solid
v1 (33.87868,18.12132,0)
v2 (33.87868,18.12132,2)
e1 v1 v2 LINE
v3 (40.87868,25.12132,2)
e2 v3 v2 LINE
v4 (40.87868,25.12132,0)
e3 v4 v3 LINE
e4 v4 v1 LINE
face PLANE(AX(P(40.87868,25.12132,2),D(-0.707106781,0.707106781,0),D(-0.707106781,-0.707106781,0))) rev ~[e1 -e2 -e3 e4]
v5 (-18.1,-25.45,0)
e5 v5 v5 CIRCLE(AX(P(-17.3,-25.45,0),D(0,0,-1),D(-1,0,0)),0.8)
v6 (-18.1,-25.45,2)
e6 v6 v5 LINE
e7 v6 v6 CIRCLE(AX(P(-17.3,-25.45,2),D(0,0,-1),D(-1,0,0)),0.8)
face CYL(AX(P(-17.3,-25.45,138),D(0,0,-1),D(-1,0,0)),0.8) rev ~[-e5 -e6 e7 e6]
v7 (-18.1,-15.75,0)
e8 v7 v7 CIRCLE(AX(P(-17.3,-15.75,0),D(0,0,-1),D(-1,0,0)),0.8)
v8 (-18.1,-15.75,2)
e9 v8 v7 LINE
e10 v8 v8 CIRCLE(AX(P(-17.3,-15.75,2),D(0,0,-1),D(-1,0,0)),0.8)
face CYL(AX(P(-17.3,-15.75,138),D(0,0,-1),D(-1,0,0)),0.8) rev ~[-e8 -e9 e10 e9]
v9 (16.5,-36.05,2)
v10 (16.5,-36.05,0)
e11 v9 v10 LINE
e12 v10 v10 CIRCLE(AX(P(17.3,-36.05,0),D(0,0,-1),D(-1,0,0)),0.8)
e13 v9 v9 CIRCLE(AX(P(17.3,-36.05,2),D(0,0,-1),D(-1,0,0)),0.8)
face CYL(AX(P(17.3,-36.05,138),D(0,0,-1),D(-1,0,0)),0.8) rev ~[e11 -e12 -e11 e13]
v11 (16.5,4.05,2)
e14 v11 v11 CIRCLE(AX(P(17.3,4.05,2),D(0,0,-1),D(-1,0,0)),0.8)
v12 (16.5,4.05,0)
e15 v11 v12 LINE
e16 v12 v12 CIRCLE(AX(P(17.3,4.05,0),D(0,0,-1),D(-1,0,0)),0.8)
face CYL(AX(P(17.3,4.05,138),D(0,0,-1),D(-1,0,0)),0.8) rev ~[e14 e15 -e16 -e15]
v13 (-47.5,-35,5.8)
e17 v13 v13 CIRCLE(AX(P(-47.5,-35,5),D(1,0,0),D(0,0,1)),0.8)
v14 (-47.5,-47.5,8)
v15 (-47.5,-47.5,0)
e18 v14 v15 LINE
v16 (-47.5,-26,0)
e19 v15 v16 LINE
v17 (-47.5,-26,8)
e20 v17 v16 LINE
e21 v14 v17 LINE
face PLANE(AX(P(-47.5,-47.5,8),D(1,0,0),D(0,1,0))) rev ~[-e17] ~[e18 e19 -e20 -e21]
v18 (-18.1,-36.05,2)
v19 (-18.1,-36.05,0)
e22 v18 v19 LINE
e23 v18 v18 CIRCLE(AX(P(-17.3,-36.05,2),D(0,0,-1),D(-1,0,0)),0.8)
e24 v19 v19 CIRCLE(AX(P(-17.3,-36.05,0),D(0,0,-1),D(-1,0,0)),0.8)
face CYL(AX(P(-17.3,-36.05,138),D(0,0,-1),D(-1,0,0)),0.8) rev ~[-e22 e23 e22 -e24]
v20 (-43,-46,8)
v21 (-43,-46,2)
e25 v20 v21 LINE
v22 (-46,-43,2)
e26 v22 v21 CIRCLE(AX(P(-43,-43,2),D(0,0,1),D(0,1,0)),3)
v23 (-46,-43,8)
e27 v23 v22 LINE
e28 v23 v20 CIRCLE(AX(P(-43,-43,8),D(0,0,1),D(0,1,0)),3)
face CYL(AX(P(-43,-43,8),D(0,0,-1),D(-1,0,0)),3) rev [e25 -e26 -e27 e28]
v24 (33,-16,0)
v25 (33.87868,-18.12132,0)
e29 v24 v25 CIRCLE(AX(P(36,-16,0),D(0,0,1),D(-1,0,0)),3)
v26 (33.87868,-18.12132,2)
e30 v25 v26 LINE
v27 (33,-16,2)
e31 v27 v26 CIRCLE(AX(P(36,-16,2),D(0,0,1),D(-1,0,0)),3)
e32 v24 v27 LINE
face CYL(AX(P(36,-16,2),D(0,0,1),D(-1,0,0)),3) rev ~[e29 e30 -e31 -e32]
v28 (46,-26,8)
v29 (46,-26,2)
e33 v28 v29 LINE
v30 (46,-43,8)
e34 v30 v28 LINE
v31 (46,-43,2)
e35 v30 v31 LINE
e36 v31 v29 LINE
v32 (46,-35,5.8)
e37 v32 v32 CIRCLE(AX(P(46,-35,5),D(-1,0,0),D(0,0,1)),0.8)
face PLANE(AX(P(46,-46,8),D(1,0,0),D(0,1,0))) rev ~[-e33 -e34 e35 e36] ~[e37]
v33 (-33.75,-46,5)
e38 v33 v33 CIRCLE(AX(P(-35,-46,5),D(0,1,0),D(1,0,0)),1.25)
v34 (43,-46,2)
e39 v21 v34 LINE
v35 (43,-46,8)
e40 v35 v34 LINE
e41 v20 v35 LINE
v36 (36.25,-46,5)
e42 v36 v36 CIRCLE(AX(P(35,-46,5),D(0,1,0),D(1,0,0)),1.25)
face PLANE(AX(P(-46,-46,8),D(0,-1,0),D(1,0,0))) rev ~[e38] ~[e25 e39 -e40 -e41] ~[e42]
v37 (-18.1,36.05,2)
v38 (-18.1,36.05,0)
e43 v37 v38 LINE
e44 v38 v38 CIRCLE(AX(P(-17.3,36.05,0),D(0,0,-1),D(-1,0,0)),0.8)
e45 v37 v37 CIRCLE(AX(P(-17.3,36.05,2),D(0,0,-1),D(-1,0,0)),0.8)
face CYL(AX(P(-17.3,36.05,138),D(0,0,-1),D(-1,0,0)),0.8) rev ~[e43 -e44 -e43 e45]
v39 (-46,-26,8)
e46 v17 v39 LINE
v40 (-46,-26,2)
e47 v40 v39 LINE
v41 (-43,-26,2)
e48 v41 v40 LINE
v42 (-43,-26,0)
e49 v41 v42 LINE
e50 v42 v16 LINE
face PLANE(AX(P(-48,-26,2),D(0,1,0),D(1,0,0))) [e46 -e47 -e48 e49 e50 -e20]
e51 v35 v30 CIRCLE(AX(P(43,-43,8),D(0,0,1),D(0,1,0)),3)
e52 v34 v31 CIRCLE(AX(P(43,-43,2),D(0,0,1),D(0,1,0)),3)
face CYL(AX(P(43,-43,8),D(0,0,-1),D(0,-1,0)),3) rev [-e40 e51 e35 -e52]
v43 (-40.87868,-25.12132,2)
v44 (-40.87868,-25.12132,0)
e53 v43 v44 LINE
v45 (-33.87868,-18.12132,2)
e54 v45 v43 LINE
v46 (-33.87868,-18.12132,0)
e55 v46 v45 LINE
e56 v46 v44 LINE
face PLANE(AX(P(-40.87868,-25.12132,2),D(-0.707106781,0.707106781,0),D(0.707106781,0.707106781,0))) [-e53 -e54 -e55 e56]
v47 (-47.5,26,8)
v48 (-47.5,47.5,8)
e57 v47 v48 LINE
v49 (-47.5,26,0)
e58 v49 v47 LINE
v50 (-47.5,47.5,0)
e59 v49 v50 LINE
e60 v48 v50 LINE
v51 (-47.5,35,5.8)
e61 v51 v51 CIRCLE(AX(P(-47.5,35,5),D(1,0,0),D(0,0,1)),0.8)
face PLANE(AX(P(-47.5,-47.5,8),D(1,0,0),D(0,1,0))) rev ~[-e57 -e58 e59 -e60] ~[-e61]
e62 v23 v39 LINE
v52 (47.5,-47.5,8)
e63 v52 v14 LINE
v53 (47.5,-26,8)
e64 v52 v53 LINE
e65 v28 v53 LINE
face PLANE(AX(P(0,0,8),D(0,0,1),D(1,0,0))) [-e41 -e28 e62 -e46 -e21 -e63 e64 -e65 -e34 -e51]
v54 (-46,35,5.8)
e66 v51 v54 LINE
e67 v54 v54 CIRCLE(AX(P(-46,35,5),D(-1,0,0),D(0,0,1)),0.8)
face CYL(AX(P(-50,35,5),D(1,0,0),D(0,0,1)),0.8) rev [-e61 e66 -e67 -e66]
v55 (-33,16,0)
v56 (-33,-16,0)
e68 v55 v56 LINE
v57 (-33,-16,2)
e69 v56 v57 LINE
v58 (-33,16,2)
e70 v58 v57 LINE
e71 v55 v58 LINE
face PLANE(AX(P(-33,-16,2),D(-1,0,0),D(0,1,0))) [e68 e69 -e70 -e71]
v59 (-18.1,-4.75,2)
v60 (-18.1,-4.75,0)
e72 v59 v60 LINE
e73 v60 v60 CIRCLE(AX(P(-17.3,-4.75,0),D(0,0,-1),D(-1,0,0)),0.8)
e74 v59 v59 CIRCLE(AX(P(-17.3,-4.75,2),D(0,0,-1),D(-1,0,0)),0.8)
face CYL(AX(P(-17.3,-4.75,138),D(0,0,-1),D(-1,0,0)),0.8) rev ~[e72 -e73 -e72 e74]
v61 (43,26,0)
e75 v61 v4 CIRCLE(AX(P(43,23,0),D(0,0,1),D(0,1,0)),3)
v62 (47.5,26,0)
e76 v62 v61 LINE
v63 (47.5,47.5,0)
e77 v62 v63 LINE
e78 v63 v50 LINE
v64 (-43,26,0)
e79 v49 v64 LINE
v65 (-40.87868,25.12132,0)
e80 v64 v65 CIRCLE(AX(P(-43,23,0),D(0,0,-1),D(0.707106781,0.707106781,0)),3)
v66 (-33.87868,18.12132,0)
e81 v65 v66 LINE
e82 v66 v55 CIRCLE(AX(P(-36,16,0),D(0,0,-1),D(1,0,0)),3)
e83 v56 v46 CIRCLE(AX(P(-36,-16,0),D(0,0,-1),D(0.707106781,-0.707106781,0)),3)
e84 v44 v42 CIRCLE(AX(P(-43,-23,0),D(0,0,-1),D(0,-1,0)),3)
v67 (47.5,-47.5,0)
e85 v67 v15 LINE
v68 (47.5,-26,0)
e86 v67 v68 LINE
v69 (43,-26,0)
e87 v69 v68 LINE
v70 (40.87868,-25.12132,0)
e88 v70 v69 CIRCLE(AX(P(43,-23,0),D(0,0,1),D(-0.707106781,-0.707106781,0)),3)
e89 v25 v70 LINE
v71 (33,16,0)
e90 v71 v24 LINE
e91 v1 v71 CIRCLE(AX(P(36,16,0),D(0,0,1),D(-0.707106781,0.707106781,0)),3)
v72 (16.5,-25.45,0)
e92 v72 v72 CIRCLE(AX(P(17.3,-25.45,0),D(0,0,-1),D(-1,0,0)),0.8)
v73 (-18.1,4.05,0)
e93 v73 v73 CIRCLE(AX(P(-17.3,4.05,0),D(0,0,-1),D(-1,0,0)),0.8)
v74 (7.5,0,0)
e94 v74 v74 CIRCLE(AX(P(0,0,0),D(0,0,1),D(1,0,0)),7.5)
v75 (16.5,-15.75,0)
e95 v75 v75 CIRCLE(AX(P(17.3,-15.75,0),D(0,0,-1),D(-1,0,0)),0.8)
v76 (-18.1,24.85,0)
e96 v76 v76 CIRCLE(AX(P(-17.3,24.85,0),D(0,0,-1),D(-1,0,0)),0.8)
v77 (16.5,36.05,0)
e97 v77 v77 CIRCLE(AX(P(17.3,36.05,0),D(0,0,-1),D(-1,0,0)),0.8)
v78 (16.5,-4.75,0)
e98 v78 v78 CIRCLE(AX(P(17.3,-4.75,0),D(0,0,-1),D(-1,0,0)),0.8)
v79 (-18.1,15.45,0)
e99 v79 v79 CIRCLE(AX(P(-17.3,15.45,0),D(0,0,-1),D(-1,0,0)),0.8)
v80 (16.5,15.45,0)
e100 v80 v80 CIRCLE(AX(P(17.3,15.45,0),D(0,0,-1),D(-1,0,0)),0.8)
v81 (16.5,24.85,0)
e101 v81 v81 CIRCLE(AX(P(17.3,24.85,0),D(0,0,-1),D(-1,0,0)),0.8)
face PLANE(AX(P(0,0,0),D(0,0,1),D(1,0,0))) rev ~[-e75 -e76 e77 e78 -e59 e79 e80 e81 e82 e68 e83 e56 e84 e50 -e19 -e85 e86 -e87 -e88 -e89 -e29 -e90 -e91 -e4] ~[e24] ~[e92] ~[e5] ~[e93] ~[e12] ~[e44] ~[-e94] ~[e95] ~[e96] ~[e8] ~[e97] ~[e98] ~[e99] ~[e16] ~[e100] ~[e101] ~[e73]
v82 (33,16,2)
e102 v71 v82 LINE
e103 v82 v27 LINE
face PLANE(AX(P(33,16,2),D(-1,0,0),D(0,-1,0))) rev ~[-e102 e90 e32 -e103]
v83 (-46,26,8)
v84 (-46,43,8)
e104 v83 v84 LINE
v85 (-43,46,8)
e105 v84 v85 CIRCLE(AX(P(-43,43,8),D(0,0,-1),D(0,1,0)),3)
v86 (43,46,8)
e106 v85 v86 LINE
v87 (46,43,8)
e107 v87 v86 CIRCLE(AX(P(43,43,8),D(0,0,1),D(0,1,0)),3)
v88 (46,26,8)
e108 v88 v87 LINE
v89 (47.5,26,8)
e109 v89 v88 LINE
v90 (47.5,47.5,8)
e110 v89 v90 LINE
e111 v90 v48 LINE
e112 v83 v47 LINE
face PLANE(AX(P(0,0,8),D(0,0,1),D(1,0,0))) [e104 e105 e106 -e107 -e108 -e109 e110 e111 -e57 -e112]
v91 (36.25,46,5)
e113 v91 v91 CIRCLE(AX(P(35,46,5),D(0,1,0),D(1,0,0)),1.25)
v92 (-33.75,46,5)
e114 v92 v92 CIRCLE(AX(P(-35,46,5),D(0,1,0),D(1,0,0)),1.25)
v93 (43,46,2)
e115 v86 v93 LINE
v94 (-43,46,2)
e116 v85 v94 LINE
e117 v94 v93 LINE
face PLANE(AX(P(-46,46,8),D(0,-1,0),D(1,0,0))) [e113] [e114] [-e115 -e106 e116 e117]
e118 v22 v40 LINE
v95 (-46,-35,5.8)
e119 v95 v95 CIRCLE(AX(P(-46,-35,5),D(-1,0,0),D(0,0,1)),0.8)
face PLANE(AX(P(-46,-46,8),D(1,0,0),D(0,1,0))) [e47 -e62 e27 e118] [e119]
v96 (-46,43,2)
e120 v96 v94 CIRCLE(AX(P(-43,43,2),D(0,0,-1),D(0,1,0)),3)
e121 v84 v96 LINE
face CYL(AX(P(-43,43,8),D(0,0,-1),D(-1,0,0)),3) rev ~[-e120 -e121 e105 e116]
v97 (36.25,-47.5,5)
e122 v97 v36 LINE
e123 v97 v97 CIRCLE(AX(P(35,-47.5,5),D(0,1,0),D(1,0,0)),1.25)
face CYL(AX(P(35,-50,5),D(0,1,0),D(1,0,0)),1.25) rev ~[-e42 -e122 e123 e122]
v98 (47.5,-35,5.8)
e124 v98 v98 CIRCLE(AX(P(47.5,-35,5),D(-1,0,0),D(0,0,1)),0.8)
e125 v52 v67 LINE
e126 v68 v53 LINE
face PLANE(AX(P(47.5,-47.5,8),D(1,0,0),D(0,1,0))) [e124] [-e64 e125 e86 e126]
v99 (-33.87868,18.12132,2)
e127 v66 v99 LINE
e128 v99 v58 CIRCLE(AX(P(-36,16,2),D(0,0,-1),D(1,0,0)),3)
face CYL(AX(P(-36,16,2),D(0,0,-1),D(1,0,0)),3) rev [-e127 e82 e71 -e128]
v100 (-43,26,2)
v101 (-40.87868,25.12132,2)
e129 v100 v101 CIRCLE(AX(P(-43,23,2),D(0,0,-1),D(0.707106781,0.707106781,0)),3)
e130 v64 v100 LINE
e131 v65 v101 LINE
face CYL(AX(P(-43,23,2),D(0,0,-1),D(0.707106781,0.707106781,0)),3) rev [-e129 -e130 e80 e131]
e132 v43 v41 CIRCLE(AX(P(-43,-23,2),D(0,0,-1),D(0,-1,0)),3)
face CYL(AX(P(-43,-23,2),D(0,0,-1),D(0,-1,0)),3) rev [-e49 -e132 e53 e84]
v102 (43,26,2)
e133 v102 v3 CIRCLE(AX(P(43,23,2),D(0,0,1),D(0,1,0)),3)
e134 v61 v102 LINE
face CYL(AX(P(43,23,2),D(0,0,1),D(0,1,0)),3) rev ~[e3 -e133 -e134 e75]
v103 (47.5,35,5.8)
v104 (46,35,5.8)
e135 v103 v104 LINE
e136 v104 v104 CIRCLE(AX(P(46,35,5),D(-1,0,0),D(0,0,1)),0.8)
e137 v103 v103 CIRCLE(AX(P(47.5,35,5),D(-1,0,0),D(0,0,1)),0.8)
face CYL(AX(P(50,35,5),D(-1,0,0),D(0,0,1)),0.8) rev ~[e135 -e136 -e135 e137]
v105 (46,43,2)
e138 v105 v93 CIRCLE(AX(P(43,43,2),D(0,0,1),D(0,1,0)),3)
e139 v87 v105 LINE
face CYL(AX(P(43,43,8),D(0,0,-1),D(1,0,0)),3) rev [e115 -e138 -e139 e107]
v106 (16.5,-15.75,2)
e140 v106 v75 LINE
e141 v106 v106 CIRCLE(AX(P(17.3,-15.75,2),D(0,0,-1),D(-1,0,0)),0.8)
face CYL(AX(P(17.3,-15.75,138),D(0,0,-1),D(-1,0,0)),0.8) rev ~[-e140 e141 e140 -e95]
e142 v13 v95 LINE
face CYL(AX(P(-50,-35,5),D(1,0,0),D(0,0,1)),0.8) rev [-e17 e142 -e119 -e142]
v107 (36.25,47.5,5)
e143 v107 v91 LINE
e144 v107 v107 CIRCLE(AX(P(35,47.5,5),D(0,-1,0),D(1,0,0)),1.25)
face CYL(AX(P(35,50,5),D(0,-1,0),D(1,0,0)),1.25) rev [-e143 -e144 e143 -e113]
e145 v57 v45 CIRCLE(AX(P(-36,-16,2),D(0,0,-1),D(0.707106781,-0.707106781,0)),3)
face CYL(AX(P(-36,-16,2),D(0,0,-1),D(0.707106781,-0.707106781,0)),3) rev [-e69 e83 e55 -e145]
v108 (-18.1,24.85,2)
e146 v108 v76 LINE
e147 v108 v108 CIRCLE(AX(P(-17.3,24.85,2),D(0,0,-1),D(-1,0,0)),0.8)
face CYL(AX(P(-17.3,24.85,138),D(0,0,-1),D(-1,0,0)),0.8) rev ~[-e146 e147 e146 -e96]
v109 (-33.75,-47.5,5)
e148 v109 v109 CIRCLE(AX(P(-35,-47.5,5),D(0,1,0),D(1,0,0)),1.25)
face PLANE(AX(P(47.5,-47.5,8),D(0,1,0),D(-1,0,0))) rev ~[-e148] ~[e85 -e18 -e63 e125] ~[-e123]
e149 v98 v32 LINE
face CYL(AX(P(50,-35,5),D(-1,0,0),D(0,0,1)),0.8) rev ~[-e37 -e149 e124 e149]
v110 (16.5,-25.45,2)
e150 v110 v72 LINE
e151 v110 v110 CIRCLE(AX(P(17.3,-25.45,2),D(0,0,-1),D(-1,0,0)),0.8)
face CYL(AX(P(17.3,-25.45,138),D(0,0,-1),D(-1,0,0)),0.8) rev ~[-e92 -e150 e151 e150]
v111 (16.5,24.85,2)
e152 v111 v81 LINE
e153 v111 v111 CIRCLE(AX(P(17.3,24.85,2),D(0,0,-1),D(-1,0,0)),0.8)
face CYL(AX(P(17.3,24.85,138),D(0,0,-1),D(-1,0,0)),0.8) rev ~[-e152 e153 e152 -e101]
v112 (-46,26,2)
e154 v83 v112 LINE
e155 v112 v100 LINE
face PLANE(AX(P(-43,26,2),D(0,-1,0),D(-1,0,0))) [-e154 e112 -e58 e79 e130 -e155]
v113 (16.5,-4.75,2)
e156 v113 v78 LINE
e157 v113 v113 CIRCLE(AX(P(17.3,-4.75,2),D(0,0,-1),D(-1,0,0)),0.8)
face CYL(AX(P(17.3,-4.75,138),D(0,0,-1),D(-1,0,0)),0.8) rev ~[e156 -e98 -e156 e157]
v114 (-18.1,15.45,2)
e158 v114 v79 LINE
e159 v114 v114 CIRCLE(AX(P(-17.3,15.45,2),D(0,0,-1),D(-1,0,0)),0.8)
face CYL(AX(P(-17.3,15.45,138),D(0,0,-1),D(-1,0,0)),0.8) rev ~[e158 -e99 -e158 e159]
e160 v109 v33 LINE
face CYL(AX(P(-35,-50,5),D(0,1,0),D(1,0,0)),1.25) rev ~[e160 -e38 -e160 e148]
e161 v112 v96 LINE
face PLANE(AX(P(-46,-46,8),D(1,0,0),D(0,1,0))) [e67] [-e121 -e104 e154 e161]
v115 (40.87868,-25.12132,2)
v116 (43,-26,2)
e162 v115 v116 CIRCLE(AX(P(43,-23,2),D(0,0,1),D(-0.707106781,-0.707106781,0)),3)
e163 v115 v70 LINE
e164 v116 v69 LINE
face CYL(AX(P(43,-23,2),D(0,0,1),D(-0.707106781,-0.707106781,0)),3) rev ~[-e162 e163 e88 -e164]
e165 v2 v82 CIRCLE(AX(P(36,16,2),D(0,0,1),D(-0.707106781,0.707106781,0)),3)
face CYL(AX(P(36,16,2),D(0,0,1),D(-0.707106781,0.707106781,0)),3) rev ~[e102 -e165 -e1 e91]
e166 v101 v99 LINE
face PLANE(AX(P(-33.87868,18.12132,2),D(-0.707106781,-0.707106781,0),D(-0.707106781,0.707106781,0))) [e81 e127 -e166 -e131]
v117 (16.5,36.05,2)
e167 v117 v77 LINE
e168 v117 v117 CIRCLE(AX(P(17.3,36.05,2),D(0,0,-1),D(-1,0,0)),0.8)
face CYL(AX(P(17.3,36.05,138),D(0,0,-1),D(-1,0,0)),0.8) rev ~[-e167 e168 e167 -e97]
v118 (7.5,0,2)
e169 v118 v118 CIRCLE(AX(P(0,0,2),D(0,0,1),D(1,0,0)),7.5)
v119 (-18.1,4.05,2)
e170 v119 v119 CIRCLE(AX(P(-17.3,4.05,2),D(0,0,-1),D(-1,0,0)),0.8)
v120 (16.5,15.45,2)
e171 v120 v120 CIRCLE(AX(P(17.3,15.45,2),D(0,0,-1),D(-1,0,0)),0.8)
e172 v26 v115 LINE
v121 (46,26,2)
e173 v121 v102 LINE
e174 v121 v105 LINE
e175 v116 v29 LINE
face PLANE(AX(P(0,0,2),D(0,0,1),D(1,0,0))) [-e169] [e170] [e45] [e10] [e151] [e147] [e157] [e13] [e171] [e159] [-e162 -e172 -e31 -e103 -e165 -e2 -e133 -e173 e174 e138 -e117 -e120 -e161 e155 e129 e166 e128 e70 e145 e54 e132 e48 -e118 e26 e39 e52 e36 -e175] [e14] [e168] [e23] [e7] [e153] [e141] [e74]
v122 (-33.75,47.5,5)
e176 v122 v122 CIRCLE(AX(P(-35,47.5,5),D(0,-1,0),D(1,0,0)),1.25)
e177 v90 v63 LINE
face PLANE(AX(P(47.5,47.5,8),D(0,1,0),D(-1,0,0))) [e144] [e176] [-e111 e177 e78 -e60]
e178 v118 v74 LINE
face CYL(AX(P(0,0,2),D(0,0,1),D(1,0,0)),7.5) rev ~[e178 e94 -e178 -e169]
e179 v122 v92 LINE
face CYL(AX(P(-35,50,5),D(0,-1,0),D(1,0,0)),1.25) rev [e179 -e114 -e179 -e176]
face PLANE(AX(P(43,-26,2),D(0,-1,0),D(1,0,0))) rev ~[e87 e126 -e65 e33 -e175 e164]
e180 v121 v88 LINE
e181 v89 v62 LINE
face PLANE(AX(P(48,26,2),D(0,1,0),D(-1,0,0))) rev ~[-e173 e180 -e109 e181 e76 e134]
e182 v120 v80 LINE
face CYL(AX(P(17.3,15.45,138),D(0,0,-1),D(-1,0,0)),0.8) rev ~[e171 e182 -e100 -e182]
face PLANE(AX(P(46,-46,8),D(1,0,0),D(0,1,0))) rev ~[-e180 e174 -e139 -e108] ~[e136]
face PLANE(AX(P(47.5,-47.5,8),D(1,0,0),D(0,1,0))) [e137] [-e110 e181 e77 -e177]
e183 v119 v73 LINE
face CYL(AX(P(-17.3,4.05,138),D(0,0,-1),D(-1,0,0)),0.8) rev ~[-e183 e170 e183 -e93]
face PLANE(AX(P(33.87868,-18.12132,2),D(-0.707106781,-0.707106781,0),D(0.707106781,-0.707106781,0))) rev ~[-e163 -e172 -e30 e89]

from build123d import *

# Parameters (mm, degrees)
SKETCH1_W                       = 96
SKETCH1_H                       = 96
BOSS_EXTRUDE1_DEPTH             = 8
SKETCH2_W                       = 92
SKETCH2_H                       = 92
COMPONENT_PLATFORM_DEPTH        = 6
CABLE_SLOTS_DEPTH               = 6
SKETCH4_R                       = 7.5
CENTER_MASS_CUT_DEPTH           = 6
INNER_CORNER_FILLETS_R          = 3
TAP_DRILL_FOR_M3X0_5_TAP4_D     = 2.5
TAP_DRILL_FOR_M3X0_5_TAP4_DEPTH = 2
TAP_DRILL_FOR_M2X0_4_TAP2_D     = 1.6
TAP_DRILL_FOR_M2X0_4_TAP1_D     = 1.6
TAP_DRILL_FOR_M2X0_4_TAP1_DEPTH = 2
CUT_EXTRUDE1_START              = -8
SKETCH28_OUTSIDE_W              = 125.2
SKETCH28_OUTSIDE_H              = 125.2
SKETCH28_OUTSIDE_W_2            = 95
SKETCH28_OUTSIDE_H_2            = 95
CUT_EXTRUDE1_DEPTH              = 8


with BuildPart() as part:
    # Sketch1 → Boss-Extrude1 (new body)
    with BuildSketch(Plane.XY):
        Rectangle(SKETCH1_W, SKETCH1_H)
    extrude(amount=BOSS_EXTRUDE1_DEPTH)

    # Sketch2 → Component Platform (cut)
    with BuildSketch(Plane.XY.offset(8)):
        Rectangle(SKETCH2_W, SKETCH2_H)
    extrude(amount=-COMPONENT_PLATFORM_DEPTH, mode=Mode.SUBTRACT)

    # Sketch3 → Cable Slots (cut, symmetric)
    with BuildSketch(Plane.XY.offset(2)):
        with BuildLine():
            Line((-40.878679656, -25.121320344), (-33.878679656, -18.121320344))
            ThreePointArc((-33.878679656, -18.121320344), (-33.228361402, -17.148050297), (-33, -16))
            Line((-33, -16), (-33, 16))
            ThreePointArc((-33, 16), (-33.228361402, 17.148050297), (-33.878679656, 18.121320344))
            Line((-33.878679656, 18.121320344), (-40.878679656, 25.121320344))
            ThreePointArc((-40.878679656, 25.121320344), (-41.851949703, 25.771638598), (-43, 26))
            Line((-43, 26), (-48, 26))
            Line((-48, 26), (-48, -26))
            Line((-48, -26), (-43, -26))
            ThreePointArc((-43, -26), (-41.851949703, -25.771638598), (-40.878679656, -25.121320344))
        make_face()
        with BuildLine():
            Line((48, -26), (48, 26))
            Line((48, 26), (43, 26))
            ThreePointArc((43, 26), (41.851949703, 25.771638598), (40.878679656, 25.121320344))
            Line((40.878679656, 25.121320344), (33.878679656, 18.121320344))
            ThreePointArc((33.878679656, 18.121320344), (33.228361402, 17.148050297), (33, 16))
            Line((33, 16), (33, -16))
            ThreePointArc((33, -16), (33.228361402, -17.148050297), (33.878679656, -18.121320344))
            Line((33.878679656, -18.121320344), (40.878679656, -25.121320344))
            ThreePointArc((40.878679656, -25.121320344), (41.851949703, -25.771638598), (43, -26))
            Line((43, -26), (48, -26))
        make_face()
    extrude(amount=CABLE_SLOTS_DEPTH, both=True, mode=Mode.SUBTRACT)

    # Sketch4 → Center Mass Cut (cut)
    with BuildSketch(Plane.XY.offset(2)):
        Circle(SKETCH4_R)
    extrude(amount=-CENTER_MASS_CUT_DEPTH, mode=Mode.SUBTRACT)

    # Inner Corner Fillets
    inner_corner_fillets_edges = [part.edges().sort_by_distance(p)[0] for p in [
        (-46, -46, 5),
        (-46, 46, 5),
        (46, 46, 5),
        (46, -46, 5),
    ]]
    fillet(inner_corner_fillets_edges, radius=INNER_CORNER_FILLETS_R)

    # Tap Drill for M3x0.5 Tap4
    with Locations(Plane(origin=(0, -48, 0), x_dir=(-1, 0, 0), z_dir=(0, -1, 0))):
        with Locations((35, -5), (-35, -5)):
            tap_drill_for_m3x0_5_tap4 = Hole(TAP_DRILL_FOR_M3X0_5_TAP4_D / 2, depth=TAP_DRILL_FOR_M3X0_5_TAP4_DEPTH)

    # Mirror2: Tap Drill for M3x0.5 Tap4 across plane
    add(tap_drill_for_m3x0_5_tap4.mirror(Plane(origin=(0, 0, 0), x_dir=(0, 0, 1), z_dir=(0, -1, 0))), mode=Mode.SUBTRACT)

    # Tap Drill for M2x0.4 Tap2 (through all)
    with Locations(Plane.XY.offset(2)):
        with Locations((-17.3, 36.05), (-17.3, 24.85), (-17.3, 15.45), (-17.3, 4.05), (17.3, 4.05), (17.3, 15.45), (17.3, 24.85), (17.3, 36.05), (17.3, -4.75), (17.3, -15.75), (17.3, -25.45), (17.3, -36.05), (-17.3, -4.75), (-17.3, -15.75), (-17.3, -25.45), (-17.3, -36.05)):
            Hole(TAP_DRILL_FOR_M2X0_4_TAP2_D / 2)

    # Tap Drill for M2x0.4 Tap1
    with Locations(Plane(origin=(48, 0, 0), x_dir=(0, 0, -1), z_dir=(1, 0, 0))):
        with Locations((-5, -35), (-5, 35)):
            tap_drill_for_m2x0_4_tap1 = Hole(TAP_DRILL_FOR_M2X0_4_TAP1_D / 2, depth=TAP_DRILL_FOR_M2X0_4_TAP1_DEPTH)

    # Mirror3: Tap Drill for M2x0.4 Tap1 across plane
    add(tap_drill_for_m2x0_4_tap1.mirror(Plane(origin=(0, 0, 0), x_dir=(0, 0, 1), z_dir=(1, 0, 0))), mode=Mode.SUBTRACT)

    # Sketch28 outside → Cut-Extrude1 (cut)
    with BuildSketch(Plane(origin=(0, 0, 0), x_dir=(-1, 0, 0), z_dir=(0, 0, -1)).offset(CUT_EXTRUDE1_START)):
        Rectangle(SKETCH28_OUTSIDE_W, SKETCH28_OUTSIDE_H)
        Rectangle(SKETCH28_OUTSIDE_W_2, SKETCH28_OUTSIDE_H_2, mode=Mode.SUBTRACT)
    extrude(amount=CUT_EXTRUDE1_DEPTH, mode=Mode.SUBTRACT)


solid = part.part
